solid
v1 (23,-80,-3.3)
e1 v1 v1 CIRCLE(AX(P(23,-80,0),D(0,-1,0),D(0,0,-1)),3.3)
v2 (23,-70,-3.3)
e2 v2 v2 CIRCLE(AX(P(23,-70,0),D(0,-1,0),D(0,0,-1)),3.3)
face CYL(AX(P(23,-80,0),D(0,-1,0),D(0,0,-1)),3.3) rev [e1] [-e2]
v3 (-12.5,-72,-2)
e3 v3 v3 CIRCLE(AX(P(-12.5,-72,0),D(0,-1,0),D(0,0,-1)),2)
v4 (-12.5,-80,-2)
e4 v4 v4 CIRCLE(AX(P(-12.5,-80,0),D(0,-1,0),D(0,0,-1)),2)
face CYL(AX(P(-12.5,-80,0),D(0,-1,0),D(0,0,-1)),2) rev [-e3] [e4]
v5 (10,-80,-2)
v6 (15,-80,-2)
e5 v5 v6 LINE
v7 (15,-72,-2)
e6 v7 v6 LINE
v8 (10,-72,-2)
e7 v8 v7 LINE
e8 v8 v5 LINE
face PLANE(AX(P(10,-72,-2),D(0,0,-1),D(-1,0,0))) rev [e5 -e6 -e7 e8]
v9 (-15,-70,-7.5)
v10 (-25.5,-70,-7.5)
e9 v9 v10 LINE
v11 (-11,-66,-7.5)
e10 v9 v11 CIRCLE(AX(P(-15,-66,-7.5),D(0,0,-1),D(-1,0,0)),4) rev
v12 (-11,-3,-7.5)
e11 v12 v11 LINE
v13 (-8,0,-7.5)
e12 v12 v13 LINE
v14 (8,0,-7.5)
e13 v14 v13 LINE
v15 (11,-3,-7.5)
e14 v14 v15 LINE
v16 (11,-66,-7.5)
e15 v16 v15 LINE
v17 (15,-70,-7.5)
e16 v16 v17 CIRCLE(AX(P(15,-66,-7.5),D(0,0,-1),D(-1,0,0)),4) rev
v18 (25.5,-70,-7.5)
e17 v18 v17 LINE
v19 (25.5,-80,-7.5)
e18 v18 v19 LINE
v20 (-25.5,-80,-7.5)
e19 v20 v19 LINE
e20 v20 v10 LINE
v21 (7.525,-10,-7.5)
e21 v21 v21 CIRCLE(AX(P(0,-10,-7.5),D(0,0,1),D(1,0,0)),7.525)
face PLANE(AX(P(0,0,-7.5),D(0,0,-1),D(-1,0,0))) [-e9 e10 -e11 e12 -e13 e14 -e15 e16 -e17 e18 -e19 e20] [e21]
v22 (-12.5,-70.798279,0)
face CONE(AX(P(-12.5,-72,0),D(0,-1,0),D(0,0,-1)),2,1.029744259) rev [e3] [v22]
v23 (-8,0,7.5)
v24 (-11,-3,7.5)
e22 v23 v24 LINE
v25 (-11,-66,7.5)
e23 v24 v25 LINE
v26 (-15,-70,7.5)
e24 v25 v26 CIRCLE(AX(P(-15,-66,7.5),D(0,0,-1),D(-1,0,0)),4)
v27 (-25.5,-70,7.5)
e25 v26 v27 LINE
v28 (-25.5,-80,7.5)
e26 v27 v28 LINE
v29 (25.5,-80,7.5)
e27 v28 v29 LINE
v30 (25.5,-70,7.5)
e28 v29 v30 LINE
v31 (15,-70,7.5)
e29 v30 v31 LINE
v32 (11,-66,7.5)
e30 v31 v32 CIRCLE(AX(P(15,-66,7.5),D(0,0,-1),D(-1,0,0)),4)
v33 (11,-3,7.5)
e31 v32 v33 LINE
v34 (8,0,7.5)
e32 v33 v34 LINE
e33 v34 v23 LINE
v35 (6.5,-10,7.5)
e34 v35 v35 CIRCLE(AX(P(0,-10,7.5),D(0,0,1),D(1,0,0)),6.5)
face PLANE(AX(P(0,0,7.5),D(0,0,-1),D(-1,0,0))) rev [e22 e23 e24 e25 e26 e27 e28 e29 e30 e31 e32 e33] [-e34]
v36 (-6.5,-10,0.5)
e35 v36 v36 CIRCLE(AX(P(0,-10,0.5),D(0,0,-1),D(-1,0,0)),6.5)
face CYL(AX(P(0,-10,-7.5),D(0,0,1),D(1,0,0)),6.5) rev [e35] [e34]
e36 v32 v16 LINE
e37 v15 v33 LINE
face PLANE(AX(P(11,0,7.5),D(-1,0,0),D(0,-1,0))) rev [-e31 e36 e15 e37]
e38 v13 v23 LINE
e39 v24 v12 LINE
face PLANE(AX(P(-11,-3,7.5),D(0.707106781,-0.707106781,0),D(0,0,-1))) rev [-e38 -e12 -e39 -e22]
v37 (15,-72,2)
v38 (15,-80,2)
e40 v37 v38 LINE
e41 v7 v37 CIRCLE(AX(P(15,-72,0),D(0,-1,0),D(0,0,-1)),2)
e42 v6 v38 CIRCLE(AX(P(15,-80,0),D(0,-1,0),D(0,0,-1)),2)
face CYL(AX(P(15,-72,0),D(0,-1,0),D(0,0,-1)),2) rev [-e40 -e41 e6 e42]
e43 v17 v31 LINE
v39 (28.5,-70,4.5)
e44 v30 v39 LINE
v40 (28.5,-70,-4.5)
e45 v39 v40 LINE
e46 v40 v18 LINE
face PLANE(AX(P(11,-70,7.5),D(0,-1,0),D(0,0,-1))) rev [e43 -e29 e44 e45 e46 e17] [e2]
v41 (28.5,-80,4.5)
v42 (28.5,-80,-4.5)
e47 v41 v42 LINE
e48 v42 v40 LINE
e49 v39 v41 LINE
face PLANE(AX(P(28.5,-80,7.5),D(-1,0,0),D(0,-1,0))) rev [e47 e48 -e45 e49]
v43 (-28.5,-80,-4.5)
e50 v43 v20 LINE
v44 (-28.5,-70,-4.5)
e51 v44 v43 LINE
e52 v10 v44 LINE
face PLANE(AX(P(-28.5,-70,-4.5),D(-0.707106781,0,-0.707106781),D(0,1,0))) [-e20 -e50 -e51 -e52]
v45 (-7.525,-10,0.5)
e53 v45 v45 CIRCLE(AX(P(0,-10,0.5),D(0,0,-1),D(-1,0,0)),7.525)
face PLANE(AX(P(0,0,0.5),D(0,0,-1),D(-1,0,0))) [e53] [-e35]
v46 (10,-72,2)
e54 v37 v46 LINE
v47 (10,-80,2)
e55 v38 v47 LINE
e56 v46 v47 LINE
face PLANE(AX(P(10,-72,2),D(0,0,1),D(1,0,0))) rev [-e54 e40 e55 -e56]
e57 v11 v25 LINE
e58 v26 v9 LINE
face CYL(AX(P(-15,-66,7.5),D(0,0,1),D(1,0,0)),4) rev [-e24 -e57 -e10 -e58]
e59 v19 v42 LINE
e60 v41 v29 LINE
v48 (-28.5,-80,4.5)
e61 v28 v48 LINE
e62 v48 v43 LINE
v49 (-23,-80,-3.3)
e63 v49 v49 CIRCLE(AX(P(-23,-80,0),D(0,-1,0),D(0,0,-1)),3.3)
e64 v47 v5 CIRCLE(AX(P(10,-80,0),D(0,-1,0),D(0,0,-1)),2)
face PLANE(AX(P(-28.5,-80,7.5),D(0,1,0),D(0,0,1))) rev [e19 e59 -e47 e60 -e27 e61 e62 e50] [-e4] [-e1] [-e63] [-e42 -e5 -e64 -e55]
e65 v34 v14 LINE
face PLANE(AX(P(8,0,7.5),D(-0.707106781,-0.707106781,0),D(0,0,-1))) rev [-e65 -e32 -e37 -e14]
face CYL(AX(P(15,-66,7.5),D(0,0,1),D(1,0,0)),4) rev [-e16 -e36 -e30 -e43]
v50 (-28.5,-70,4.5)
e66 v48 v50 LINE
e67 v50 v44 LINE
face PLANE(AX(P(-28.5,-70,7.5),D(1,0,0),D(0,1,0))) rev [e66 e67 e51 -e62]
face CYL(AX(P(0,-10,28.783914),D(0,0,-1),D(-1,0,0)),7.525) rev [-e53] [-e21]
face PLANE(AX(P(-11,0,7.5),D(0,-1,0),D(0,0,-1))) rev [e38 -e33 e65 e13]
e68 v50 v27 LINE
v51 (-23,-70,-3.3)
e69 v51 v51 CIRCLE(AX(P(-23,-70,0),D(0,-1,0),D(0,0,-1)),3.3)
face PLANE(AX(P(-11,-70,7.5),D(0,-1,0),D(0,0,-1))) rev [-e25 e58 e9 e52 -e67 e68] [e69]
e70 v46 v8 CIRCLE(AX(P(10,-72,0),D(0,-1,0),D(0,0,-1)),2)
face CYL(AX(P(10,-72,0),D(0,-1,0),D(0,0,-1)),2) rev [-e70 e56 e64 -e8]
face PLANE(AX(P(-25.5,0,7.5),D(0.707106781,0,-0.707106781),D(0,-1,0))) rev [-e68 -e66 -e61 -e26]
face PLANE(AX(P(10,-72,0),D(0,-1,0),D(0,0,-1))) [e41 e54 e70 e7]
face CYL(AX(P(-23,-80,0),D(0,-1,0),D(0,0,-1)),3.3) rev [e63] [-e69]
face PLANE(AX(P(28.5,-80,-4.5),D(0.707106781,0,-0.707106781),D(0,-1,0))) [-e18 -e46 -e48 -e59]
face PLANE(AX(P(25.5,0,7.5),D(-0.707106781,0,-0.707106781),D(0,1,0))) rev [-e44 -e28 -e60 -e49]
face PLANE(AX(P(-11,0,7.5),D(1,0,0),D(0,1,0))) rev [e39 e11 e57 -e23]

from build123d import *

# Parameters (mm, degrees)
BOSS_EXTRUDE1_DEPTH          = 7.5
FILLET1_R                    = 4
M6_CLEARANCE_HOLE1_D         = 6.6
F_4_0_4_DIAMETER_HOLE1_D     = 4
F_4_0_4_DIAMETER_HOLE1_DEPTH = 8
F_4_0_4_DIAMETER_HOLE1_TIP   = 1.201721238
CUT_EXTRUDE1_DEPTH           = 8
CHAMFER1_SIZE                = 3
CUT_EXTRUDE6_DEPTH           = 0.5
CUT_EXTRUDE6_DEPTH_BACK      = 86.255498356
SKETCH12_R                   = 7.525
CUT_EXTRUDE7_DEPTH           = 86.255498356
CUT_EXTRUDE7_DEPTH_BACK      = 86.255498356
SKETCH13_R                   = 6.5
CHAMFER3_SIZE                = 3


with BuildPart() as part:
    # Sketch1 → Boss-Extrude1 (new, symmetric)
    with BuildSketch(Plane.XY):
        Polygon((-11, 0), (11, 0), (11, -70), (28.5, -70), (28.5, -80), (-28.5, -80), (-28.5, -70), (-11, -70), align=None)
    extrude(amount=BOSS_EXTRUDE1_DEPTH, both=True)

    # Fillet1
    fillet1_edges = [part.edges().sort_by_distance(p)[0] for p in [
        (11, -70, 0),
        (-11, -70, 0),
    ]]
    fillet(fillet1_edges, radius=FILLET1_R)

    # M6 Clearance Hole1 (through all)
    with Locations(Plane(origin=(0, -80, 0), x_dir=(-1, 0, 0), z_dir=(0, -1, 0))):
        with Locations((23, 0), (-23, 0)):
            Hole(M6_CLEARANCE_HOLE1_D / 2)

    # Ø4.0 (4) Diameter Hole1
    with Locations(Plane(origin=(0, -80, 0), x_dir=(-1, 0, 0), z_dir=(0, -1, 0))):
        with Locations((12.5, 0)):
            Hole(F_4_0_4_DIAMETER_HOLE1_D / 2, depth=F_4_0_4_DIAMETER_HOLE1_DEPTH)
            with Locations((0, 0, -(F_4_0_4_DIAMETER_HOLE1_DEPTH + F_4_0_4_DIAMETER_HOLE1_TIP / 2))):  # 118° drill point
                Cone(0, F_4_0_4_DIAMETER_HOLE1_D / 2, F_4_0_4_DIAMETER_HOLE1_TIP, mode=Mode.SUBTRACT)

    # Sketch5 → Cut-Extrude1 (cut)
    with BuildSketch(Plane.XZ.offset(80)):
        with BuildLine():
            Line((10, 2), (15, 2))
            ThreePointArc((15, 2), (17, 0), (15, -2))
            Line((15, -2), (10, -2))
            ThreePointArc((10, -2), (8, 0), (10, 2))
        make_face()
    extrude(amount=-CUT_EXTRUDE1_DEPTH, mode=Mode.SUBTRACT)

    # Chamfer1
    chamfer1_edges = [part.edges().sort_by_distance(p)[0] for p in [
        (-28.5, -75, 7.5),
        (28.5, -75, 7.5),
        (28.5, -75, -7.5),
        (-28.5, -75, -7.5),
    ]]
    chamfer(chamfer1_edges, length=CHAMFER1_SIZE)

    # Sketch12 → Cut-Extrude6 (cut, two sides: drawn at the far end of the back side and taken through both)
    with BuildSketch(Plane.XY.offset(-CUT_EXTRUDE6_DEPTH_BACK)):
        with Locations(Location((0, -10, 0), (0, 0, 180))):
            Circle(SKETCH12_R)
    extrude(amount=CUT_EXTRUDE6_DEPTH + CUT_EXTRUDE6_DEPTH_BACK, mode=Mode.SUBTRACT)

    # Sketch13 → Cut-Extrude7 (cut, two sides: drawn at the far end of the back side and taken through both)
    with BuildSketch(Plane.XY.offset(-CUT_EXTRUDE7_DEPTH_BACK)):
        with Locations((0, -10)):
            Circle(SKETCH13_R)
    extrude(amount=CUT_EXTRUDE7_DEPTH + CUT_EXTRUDE7_DEPTH_BACK, mode=Mode.SUBTRACT)

    # Chamfer3
    chamfer3_edges = [part.edges().sort_by_distance(p)[0] for p in [
        (-11, 0, 0),
        (11, 0, 0),
    ]]
    chamfer(chamfer3_edges, length=CHAMFER3_SIZE)


solid = part.part
